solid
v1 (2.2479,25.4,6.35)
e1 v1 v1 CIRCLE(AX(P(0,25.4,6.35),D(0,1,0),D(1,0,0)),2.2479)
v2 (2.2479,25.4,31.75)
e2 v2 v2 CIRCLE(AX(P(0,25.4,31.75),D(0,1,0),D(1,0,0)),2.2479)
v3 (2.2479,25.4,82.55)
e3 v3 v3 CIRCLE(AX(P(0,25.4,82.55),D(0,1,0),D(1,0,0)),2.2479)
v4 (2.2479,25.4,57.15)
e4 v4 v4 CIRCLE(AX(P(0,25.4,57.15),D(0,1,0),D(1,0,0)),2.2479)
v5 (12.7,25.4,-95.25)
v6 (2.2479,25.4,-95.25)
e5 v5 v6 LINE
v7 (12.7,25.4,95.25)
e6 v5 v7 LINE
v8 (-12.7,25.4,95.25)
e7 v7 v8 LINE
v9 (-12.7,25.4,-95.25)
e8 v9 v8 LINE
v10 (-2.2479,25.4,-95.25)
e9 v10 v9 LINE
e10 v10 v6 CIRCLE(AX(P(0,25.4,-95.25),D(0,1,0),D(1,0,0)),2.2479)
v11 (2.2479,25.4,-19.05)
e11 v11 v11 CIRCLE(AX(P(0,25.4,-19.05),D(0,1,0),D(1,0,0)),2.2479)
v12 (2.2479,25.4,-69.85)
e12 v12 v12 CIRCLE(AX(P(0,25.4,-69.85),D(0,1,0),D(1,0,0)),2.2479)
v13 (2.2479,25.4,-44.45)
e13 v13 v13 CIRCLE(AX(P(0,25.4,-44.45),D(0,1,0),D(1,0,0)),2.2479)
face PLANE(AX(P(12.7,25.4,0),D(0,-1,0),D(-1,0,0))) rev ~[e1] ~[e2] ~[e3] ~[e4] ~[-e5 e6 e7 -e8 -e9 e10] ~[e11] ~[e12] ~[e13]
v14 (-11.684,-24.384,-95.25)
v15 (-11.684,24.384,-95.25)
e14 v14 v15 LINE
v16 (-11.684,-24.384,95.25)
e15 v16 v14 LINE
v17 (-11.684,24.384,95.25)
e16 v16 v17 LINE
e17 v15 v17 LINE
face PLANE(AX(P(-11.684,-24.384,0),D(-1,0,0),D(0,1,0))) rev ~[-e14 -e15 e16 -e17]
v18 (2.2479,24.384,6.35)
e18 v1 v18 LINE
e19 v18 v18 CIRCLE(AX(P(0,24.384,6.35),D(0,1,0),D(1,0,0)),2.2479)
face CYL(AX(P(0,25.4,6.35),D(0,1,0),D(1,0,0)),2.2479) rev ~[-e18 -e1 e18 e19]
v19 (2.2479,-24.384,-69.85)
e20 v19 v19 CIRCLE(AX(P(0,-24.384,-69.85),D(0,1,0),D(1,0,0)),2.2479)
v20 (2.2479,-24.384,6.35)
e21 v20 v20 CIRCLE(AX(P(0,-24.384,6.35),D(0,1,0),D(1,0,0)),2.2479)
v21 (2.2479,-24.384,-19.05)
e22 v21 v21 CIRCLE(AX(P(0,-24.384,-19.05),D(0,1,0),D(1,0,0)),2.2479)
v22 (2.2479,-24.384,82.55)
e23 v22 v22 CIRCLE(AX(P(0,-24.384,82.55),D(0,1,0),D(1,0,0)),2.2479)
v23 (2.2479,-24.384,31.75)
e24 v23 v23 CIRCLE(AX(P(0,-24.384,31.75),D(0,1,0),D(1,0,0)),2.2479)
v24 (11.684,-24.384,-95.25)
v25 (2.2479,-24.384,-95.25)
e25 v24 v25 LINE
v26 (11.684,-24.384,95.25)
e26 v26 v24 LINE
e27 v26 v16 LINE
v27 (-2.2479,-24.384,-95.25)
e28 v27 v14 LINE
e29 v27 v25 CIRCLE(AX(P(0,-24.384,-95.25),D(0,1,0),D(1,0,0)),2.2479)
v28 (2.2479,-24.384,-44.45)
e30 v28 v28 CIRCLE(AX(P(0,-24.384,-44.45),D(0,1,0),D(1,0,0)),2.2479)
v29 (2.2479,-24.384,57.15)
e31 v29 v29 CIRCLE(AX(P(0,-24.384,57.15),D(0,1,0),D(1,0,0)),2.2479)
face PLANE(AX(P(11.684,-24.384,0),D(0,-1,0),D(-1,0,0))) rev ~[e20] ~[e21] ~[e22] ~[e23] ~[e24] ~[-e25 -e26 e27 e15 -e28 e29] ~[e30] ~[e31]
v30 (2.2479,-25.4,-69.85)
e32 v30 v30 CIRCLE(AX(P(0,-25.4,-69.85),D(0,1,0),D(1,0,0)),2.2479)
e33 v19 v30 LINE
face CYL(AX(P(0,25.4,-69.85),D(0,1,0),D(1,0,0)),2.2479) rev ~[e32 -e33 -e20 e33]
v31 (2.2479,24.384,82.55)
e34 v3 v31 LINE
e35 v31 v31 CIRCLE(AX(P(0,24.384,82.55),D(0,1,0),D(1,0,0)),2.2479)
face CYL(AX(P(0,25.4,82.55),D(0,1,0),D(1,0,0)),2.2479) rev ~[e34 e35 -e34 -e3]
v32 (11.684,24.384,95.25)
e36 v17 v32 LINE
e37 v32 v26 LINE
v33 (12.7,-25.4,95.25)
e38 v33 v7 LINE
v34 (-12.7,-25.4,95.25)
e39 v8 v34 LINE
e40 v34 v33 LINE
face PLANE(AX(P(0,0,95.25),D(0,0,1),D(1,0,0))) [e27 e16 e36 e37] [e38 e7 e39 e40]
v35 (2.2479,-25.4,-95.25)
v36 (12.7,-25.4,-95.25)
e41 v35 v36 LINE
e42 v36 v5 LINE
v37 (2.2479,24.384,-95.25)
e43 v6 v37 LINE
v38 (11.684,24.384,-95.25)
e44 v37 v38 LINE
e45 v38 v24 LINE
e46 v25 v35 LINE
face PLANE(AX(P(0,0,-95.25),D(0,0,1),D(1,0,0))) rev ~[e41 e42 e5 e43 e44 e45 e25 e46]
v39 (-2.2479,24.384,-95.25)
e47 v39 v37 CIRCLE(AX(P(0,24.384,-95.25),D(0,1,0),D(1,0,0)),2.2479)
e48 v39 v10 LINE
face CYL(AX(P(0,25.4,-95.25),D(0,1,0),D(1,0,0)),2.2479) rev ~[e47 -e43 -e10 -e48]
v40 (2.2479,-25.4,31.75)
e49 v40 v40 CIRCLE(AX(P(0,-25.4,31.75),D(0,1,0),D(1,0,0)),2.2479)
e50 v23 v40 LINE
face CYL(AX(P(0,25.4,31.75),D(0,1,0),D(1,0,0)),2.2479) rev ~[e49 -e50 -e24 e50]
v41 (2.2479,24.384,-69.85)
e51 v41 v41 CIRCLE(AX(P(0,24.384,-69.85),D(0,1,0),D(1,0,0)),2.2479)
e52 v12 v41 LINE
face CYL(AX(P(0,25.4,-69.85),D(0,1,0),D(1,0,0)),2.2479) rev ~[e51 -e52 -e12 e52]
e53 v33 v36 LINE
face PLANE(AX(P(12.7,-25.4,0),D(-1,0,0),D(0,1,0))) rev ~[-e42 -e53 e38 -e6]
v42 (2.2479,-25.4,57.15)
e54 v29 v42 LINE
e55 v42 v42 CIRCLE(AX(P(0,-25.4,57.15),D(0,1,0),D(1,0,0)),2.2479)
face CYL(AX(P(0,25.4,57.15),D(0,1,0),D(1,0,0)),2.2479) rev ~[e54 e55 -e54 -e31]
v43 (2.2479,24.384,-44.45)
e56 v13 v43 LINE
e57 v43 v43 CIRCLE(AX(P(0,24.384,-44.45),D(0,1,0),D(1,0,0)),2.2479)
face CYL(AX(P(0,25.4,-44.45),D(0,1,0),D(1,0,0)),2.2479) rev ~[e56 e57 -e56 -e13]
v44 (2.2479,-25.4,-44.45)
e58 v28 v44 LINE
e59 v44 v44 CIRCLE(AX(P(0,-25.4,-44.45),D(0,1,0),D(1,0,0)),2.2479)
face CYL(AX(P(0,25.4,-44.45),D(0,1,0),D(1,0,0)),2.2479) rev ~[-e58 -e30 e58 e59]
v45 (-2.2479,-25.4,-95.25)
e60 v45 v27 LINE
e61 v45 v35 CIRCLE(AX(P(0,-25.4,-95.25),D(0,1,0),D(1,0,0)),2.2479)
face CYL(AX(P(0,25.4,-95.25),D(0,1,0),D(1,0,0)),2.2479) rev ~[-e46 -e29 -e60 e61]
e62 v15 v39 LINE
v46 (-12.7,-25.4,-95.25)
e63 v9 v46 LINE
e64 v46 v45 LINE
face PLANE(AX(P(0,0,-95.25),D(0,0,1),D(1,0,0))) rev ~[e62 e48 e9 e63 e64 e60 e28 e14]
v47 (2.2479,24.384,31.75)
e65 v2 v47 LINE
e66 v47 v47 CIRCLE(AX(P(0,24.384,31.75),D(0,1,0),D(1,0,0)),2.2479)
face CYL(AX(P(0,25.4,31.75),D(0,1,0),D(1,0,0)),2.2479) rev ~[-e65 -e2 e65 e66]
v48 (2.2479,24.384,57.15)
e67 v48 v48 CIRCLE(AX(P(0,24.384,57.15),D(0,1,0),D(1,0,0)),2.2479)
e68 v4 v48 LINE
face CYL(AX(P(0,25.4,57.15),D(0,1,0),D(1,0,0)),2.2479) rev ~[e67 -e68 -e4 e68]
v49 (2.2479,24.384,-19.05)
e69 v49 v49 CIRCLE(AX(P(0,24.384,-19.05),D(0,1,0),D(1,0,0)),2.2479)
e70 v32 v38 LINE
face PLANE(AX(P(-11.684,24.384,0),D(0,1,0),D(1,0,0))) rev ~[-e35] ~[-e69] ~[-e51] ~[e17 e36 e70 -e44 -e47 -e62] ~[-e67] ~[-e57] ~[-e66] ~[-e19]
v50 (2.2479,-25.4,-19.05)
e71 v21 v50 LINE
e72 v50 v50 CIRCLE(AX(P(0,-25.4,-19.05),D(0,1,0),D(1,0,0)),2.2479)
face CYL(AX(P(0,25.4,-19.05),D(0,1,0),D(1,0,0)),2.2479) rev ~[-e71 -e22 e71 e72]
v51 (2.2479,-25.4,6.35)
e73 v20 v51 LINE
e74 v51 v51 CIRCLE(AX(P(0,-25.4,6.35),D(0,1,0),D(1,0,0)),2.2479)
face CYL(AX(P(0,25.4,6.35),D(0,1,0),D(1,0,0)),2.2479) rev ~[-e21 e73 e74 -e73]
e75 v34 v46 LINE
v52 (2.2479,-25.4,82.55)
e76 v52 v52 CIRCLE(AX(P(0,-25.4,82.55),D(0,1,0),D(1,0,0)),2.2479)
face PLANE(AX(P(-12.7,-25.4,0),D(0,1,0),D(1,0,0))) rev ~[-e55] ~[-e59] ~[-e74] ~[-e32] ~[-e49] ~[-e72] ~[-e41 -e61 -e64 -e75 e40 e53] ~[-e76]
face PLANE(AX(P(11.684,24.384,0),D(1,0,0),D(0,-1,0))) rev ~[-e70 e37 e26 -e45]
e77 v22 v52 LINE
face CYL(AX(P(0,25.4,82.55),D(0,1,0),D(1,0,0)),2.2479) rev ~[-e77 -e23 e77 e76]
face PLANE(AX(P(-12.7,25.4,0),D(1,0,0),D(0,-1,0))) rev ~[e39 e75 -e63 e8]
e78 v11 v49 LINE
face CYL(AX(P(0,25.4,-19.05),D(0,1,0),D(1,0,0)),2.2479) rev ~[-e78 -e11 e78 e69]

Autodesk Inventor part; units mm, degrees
ref_plane "YZ Plane" through (0, 0, 0) normal (1, 0, 0) x (0, 1, 0)
ref_plane "XZ Plane" through (0, 0, 0) normal (0, 1, 0) x (-1, 0, 0)
ref_plane "XY Plane" through (0, 0, 0) normal (0, 0, 1) x (1, 0, 0)
sketch "Sketch1" plane through (0, 0, 0) normal (0, 0, 1) x (1, 0, 0)
  line L0 (12.7, 25.4) -> (-12.7, 25.4)
  line L1 (-12.7, 25.4) -> (-12.7, -25.4)
  line L2 (-12.7, -25.4) -> (12.7, -25.4)
  line L3 (12.7, -25.4) -> (12.7, 25.4)
  line L4 (12.7, 25.4) -> (-12.7, -25.4) construction
  line L5 (-12.7, 25.4) -> (12.7, -25.4) construction
  line L6 (-11.684, 24.384) -> (11.684, 24.384)
  line L7 (11.684, 24.384) -> (11.684, -24.384)
  line L8 (11.684, -24.384) -> (-11.684, -24.384)
  line L9 (-11.684, -24.384) -> (-11.684, 24.384)
  point P0 (0, 0)
  dimension "d0" = 1.016
  dimension "d1" = 50.8
  dimension "d2" = 25.4
extrude "Tube Length" add sketch "Sketch1" along normal mid plane 190.5
sketch "Sketch2" plane through (-12.7, 25.4, 95.25) normal (0, 1, 0) x (1, 0, 0)
  line L0 (0, 0) -> (0, 190.5) projected
  line L1 (25.4, 0) -> (0, 0) projected
  line L2 (25.4, 190.5) -> (25.4, 0) projected
  line L3 (0, 190.5) -> (25.4, 190.5) projected
  line L4 (25.4, 0) -> (0, 0) projected
  line L5 (12.7, 0) -> (12.7, 12.7) construction
  circle A0 centre (12.7, 12.7) radius 2.2479
  point P0 (12.7, 95.25)
  dimension "d5" = 12.7
  dimension "d6" = 4.4958
extrude "Top Hole" cut sketch "Sketch2" against normal through all contours A0
pattern_linear "Rectangular Pattern1" count 8 spacing 25.4 along (0, 0, -1) of "Top Hole"
sketch "Sketch3" plane through (0, 0, 95.25) normal (0, 0, 1) x (1, 0, 0)
  line L0 (0, 0) -> (0, 25.4) construction
  line L1 (12.7, 25.4) -> (-12.7, 25.4) projected
  line L2 (-0.0508, 25.4) -> (0, 25.2984)
  line L3 (0.0508, 25.4) -> (0, 25.2984)
  line L4 (-12.7, 12.6492) -> (-12.5984, 12.7)
  line L5 (-12.7, 12.7508) -> (-12.5984, 12.7)
  line L6 (-12.7, -0.0508) -> (-12.5984, 0)
  line L7 (-12.7, 0.0508) -> (-12.5984, 0)
  line L8 (-12.7, -12.7508) -> (-12.5984, -12.7)
  line L9 (-12.7, -12.6492) -> (-12.5984, -12.7)
  line L10 (12.7, 0.0508) -> (12.5984, 0)
  line L11 (12.7, 12.6492) -> (12.5984, 12.7)
  line L12 (12.7, 12.7508) -> (12.5984, 12.7)
  line L13 (12.7, -0.0508) -> (12.5984, 0)
  line L14 (12.7, -12.6492) -> (12.5984, -12.7)
  line L15 (12.7, -12.7508) -> (12.5984, -12.7)
  line L16 (0.0508, -25.4) -> (0, -25.2984)
  line L17 (-0.0508, -25.4) -> (0, -25.2984)
  line L18 (-12.7, 25.4) -> (-12.7, -25.4) projected
  line L19 (12.7, -25.4) -> (12.7, 25.4) projected
  line L20 (-12.7, -25.4) -> (12.7, -25.4) projected
  point P0 (0, 12.7)
  point P1 (-12.7, 12.7)
  point P2 (-12.7, 0)
  point P3 (-12.7, -12.7)
  point P4 (12.7, 12.7)
  point P5 (12.7, 0)
  point P6 (12.7, -12.7)
  point P7 (0, -25.4)
  dimension "d12" = 0.1016
  dimension "d13" = 0.1016
  dimension "d16" = 90
  dimension "d20" = 12.7
  dimension "d27" = 360
equation "\"d13\" = d12"
properties part number "Stage 2 Bottom & Top Tube" material "Aluminum 6061"
